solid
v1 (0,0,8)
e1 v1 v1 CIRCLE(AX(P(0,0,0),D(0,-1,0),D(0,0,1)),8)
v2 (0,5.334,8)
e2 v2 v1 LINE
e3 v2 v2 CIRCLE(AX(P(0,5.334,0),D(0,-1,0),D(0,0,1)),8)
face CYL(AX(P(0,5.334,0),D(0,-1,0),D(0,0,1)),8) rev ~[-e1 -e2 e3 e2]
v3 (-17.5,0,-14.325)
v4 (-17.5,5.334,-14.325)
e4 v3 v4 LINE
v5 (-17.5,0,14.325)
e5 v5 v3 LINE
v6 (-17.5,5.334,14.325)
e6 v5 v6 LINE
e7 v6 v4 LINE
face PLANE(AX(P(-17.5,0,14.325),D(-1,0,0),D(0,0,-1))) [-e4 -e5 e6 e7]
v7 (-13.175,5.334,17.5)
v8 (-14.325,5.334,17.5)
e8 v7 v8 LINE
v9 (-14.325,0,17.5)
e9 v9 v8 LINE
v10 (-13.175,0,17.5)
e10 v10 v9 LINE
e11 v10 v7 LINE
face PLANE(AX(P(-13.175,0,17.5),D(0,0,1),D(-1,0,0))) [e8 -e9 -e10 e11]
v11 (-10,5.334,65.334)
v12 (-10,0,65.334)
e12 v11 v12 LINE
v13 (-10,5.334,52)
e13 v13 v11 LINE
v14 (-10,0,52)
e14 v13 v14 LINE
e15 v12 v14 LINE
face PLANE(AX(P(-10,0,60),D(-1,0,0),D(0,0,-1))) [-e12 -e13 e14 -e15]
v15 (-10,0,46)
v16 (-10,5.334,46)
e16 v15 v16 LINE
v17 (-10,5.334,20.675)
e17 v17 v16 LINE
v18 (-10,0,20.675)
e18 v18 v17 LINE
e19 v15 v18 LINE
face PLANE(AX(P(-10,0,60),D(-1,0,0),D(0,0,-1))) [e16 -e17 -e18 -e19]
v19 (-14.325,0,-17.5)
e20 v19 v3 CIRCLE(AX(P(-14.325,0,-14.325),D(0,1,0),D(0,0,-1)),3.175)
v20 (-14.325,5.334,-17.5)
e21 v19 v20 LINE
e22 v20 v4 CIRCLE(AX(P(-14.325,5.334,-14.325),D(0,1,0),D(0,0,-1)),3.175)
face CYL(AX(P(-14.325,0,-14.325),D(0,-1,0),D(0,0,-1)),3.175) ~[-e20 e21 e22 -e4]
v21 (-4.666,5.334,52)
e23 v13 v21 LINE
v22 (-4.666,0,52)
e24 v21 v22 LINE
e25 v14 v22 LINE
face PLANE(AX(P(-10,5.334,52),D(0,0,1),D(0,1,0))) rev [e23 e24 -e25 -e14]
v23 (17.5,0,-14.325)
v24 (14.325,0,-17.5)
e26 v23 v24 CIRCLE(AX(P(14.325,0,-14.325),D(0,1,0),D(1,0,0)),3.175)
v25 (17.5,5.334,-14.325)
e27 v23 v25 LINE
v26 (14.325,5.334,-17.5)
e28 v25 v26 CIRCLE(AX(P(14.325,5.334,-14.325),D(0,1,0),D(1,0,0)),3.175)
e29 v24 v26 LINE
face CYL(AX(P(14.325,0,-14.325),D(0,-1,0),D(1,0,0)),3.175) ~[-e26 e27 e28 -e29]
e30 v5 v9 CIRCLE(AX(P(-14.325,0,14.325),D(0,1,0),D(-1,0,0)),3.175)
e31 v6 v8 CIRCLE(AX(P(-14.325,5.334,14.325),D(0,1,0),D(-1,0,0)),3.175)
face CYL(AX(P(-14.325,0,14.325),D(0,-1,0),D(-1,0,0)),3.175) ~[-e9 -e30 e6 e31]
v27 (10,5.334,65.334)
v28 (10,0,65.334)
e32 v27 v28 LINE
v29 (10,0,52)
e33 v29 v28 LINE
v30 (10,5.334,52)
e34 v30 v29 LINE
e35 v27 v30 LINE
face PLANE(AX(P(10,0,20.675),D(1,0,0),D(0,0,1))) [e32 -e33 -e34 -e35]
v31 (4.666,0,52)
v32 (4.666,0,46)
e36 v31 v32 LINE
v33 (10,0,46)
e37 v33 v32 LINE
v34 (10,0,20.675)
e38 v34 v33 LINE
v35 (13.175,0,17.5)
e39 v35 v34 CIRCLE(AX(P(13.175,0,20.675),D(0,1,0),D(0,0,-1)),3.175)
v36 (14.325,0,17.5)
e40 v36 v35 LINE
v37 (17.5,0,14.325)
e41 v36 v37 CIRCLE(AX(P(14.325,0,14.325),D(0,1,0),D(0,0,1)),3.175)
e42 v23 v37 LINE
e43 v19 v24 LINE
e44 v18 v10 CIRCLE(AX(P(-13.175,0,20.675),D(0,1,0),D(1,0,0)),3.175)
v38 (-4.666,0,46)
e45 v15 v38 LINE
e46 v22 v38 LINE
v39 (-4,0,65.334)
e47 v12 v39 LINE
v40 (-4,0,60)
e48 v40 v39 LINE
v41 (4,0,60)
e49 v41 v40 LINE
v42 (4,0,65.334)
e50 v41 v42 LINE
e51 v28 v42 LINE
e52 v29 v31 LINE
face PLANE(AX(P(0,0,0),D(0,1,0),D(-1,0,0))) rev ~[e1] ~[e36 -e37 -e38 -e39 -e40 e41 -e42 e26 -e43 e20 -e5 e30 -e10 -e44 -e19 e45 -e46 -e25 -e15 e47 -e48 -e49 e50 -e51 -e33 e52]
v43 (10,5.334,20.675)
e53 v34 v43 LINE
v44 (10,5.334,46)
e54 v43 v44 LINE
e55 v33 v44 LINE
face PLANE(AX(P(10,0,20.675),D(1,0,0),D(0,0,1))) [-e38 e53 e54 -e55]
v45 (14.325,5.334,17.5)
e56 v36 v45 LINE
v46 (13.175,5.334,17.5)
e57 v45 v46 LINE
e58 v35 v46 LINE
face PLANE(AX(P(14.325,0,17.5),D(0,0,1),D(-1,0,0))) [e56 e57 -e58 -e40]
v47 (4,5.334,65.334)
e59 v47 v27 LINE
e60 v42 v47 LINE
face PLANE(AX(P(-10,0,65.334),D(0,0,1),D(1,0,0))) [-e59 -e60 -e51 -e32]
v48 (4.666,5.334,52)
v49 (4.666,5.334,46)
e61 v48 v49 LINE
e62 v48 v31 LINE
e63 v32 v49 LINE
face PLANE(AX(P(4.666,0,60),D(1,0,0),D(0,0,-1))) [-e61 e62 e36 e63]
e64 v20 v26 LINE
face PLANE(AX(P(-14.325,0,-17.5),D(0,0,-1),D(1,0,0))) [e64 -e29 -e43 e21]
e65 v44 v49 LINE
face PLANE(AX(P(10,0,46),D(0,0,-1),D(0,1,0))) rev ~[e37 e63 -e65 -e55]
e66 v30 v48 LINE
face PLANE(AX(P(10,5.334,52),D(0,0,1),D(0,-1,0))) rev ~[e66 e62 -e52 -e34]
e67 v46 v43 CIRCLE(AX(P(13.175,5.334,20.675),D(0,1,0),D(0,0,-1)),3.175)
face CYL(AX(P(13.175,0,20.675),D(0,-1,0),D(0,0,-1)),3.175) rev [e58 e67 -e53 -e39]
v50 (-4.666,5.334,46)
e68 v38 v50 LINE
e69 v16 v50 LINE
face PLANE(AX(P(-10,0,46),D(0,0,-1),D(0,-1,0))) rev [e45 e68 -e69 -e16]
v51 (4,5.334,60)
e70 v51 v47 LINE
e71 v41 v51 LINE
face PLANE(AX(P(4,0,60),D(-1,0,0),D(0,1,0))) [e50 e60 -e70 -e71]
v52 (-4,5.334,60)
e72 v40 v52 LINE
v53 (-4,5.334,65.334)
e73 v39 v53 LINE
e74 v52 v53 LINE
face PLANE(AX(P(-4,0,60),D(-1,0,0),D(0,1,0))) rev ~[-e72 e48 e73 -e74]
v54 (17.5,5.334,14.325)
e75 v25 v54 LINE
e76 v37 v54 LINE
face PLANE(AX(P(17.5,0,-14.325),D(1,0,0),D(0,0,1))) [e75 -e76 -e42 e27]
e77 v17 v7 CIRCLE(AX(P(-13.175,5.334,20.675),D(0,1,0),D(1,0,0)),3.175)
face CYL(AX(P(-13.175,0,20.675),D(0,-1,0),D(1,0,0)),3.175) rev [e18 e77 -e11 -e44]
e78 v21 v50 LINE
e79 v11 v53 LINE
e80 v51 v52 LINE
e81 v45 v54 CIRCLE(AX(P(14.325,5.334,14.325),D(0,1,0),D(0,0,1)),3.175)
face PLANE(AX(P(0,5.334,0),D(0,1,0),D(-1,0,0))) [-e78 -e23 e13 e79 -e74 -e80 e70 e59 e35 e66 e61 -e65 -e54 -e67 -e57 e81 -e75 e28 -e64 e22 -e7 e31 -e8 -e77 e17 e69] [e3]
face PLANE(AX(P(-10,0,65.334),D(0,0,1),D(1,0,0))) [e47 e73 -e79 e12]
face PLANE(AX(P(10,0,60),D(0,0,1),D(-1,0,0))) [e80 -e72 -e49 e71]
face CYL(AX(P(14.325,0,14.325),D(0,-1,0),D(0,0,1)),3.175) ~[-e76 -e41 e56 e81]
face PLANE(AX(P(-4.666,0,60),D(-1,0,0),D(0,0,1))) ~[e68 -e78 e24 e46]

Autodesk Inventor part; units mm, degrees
ref_plane "YZ Plane" through (0, 0, 0) normal (1, 0, 0) x (0, 1, 0)
ref_plane "XZ Plane" through (0, 0, 0) normal (0, 1, 0) x (-1, 0, 0)
ref_plane "XY Plane" through (0, 0, 0) normal (0, 0, 1) x (1, 0, 0)
sketch "Sketch1" plane through (0, 0, 0) normal (0, 1, 0) x (-1, 0, 0)
  line L0 (17.5, 14.325) -> (17.5, -14.325)
  line L1 (14.325, -17.5) -> (-14.325, -17.5)
  line L2 (-17.5, -14.325) -> (-17.5, 14.325)
  line L3 (-14.325, 17.5) -> (-13.175, 17.5)
  line L4 (-10, 20.675) -> (-10, 60)
  line L5 (-10, 60) -> (10, 60)
  line L6 (10, 60) -> (10, 20.675)
  line L7 (13.175, 17.5) -> (14.325, 17.5)
  arc A0 (10, 20.675) -> (13.175, 17.5) centre (13.175, 20.675) ccw
  arc A1 (-13.175, 17.5) -> (-10, 20.675) centre (-13.175, 20.675) ccw
  arc A2 (17.5, 14.325) -> (14.325, 17.5) centre (14.325, 14.325) ccw
  arc A3 (14.325, -17.5) -> (17.5, -14.325) centre (14.325, -14.325) ccw
  arc A4 (-17.5, -14.325) -> (-14.325, -17.5) centre (-14.325, -14.325) ccw
  arc A5 (-14.325, 17.5) -> (-17.5, 14.325) centre (-14.325, 14.325) ccw
  point P0 (0, 0)
  point P1 (17.5, 17.5)
  point P2 (17.5, -17.5)
  point P3 (-17.5, -17.5)
  point P4 (-17.5, 17.5)
  point P5 (-10, 17.5)
  point P6 (10, 17.5)
  point P7 (17.5, 0)
  point P8 (0, -17.5)
  point P9 (0, 60)
  dimension "d0" = 35
  dimension "d1" = 35
  dimension "d2" = 20
  dimension "d3" = 60
  dimension "d26" = 3.175
  dimension "d27" = 3.175
extrude "Extrusion1" add sketch "Sketch1" along normal blind 5.334
sketch "Sketch3" plane through (0, 5.334, 0) normal (0, 1, 0) x (1, 0, 0)
  point P0 (0, 0)
  point P1 (0, 0)
hole "Hole2" at (0, 5.334, 0) direction (0, -1, 0) diameter 16 end through all
sketch "Sketch6" plane through (10, 0, 60) normal (1, 0, 0) x (0, 0, -1)
  line L0 (0, 5.334) -> (39.325, 5.334) projected
  line L1 (0, 0) -> (39.325, 0) projected
  line L2 (14, 5.334) -> (8, 5.334)
  line L3 (8, 5.334) -> (8, 0)
  line L4 (8, 0) -> (14, 0)
  line L5 (14, 0) -> (14, 5.334)
  line L6 (0, 0) -> (0, 5.334) projected
  point P0 (60, 0)
  dimension "d41" = 6
  dimension "d42" = 8
extrude "Extrusion3" cut sketch "Sketch6" against normal blind 5.334 contours L0 L5 L1 L3
sketch "Sketch5" plane through (-10, 0, 60) normal (0, 0, 1) x (1, 0, 0)
  line L0 (0, 5.334) -> (20, 5.334) projected
  line L1 (0, 0) -> (6, 0)
  line L2 (6, 0) -> (6, 5.334)
  line L3 (6, 5.334) -> (0, 5.334)
  line L4 (0, 5.334) -> (0, 0)
  line L5 (20, 0) -> (14, 0)
  line L6 (14, 0) -> (14, 5.334)
  line L7 (14, 5.334) -> (20, 5.334)
  line L8 (20, 5.334) -> (20, 0)
  line L9 (20, 0) -> (20, 5.334) projected
  point P0 (10, 0)
  point P1 (20, 2.667)
  dimension "d45" = 6
  dimension "d46" = 6
extrude "Extrusion2" add sketch "Sketch5" along normal blind 5.334
mirror "Mirror1" about plane through (0, 0, 0) normal (1, 0, 0) of "Extrusion3"
equation "\"d46\" = d45"
properties part number "pitch_support"
